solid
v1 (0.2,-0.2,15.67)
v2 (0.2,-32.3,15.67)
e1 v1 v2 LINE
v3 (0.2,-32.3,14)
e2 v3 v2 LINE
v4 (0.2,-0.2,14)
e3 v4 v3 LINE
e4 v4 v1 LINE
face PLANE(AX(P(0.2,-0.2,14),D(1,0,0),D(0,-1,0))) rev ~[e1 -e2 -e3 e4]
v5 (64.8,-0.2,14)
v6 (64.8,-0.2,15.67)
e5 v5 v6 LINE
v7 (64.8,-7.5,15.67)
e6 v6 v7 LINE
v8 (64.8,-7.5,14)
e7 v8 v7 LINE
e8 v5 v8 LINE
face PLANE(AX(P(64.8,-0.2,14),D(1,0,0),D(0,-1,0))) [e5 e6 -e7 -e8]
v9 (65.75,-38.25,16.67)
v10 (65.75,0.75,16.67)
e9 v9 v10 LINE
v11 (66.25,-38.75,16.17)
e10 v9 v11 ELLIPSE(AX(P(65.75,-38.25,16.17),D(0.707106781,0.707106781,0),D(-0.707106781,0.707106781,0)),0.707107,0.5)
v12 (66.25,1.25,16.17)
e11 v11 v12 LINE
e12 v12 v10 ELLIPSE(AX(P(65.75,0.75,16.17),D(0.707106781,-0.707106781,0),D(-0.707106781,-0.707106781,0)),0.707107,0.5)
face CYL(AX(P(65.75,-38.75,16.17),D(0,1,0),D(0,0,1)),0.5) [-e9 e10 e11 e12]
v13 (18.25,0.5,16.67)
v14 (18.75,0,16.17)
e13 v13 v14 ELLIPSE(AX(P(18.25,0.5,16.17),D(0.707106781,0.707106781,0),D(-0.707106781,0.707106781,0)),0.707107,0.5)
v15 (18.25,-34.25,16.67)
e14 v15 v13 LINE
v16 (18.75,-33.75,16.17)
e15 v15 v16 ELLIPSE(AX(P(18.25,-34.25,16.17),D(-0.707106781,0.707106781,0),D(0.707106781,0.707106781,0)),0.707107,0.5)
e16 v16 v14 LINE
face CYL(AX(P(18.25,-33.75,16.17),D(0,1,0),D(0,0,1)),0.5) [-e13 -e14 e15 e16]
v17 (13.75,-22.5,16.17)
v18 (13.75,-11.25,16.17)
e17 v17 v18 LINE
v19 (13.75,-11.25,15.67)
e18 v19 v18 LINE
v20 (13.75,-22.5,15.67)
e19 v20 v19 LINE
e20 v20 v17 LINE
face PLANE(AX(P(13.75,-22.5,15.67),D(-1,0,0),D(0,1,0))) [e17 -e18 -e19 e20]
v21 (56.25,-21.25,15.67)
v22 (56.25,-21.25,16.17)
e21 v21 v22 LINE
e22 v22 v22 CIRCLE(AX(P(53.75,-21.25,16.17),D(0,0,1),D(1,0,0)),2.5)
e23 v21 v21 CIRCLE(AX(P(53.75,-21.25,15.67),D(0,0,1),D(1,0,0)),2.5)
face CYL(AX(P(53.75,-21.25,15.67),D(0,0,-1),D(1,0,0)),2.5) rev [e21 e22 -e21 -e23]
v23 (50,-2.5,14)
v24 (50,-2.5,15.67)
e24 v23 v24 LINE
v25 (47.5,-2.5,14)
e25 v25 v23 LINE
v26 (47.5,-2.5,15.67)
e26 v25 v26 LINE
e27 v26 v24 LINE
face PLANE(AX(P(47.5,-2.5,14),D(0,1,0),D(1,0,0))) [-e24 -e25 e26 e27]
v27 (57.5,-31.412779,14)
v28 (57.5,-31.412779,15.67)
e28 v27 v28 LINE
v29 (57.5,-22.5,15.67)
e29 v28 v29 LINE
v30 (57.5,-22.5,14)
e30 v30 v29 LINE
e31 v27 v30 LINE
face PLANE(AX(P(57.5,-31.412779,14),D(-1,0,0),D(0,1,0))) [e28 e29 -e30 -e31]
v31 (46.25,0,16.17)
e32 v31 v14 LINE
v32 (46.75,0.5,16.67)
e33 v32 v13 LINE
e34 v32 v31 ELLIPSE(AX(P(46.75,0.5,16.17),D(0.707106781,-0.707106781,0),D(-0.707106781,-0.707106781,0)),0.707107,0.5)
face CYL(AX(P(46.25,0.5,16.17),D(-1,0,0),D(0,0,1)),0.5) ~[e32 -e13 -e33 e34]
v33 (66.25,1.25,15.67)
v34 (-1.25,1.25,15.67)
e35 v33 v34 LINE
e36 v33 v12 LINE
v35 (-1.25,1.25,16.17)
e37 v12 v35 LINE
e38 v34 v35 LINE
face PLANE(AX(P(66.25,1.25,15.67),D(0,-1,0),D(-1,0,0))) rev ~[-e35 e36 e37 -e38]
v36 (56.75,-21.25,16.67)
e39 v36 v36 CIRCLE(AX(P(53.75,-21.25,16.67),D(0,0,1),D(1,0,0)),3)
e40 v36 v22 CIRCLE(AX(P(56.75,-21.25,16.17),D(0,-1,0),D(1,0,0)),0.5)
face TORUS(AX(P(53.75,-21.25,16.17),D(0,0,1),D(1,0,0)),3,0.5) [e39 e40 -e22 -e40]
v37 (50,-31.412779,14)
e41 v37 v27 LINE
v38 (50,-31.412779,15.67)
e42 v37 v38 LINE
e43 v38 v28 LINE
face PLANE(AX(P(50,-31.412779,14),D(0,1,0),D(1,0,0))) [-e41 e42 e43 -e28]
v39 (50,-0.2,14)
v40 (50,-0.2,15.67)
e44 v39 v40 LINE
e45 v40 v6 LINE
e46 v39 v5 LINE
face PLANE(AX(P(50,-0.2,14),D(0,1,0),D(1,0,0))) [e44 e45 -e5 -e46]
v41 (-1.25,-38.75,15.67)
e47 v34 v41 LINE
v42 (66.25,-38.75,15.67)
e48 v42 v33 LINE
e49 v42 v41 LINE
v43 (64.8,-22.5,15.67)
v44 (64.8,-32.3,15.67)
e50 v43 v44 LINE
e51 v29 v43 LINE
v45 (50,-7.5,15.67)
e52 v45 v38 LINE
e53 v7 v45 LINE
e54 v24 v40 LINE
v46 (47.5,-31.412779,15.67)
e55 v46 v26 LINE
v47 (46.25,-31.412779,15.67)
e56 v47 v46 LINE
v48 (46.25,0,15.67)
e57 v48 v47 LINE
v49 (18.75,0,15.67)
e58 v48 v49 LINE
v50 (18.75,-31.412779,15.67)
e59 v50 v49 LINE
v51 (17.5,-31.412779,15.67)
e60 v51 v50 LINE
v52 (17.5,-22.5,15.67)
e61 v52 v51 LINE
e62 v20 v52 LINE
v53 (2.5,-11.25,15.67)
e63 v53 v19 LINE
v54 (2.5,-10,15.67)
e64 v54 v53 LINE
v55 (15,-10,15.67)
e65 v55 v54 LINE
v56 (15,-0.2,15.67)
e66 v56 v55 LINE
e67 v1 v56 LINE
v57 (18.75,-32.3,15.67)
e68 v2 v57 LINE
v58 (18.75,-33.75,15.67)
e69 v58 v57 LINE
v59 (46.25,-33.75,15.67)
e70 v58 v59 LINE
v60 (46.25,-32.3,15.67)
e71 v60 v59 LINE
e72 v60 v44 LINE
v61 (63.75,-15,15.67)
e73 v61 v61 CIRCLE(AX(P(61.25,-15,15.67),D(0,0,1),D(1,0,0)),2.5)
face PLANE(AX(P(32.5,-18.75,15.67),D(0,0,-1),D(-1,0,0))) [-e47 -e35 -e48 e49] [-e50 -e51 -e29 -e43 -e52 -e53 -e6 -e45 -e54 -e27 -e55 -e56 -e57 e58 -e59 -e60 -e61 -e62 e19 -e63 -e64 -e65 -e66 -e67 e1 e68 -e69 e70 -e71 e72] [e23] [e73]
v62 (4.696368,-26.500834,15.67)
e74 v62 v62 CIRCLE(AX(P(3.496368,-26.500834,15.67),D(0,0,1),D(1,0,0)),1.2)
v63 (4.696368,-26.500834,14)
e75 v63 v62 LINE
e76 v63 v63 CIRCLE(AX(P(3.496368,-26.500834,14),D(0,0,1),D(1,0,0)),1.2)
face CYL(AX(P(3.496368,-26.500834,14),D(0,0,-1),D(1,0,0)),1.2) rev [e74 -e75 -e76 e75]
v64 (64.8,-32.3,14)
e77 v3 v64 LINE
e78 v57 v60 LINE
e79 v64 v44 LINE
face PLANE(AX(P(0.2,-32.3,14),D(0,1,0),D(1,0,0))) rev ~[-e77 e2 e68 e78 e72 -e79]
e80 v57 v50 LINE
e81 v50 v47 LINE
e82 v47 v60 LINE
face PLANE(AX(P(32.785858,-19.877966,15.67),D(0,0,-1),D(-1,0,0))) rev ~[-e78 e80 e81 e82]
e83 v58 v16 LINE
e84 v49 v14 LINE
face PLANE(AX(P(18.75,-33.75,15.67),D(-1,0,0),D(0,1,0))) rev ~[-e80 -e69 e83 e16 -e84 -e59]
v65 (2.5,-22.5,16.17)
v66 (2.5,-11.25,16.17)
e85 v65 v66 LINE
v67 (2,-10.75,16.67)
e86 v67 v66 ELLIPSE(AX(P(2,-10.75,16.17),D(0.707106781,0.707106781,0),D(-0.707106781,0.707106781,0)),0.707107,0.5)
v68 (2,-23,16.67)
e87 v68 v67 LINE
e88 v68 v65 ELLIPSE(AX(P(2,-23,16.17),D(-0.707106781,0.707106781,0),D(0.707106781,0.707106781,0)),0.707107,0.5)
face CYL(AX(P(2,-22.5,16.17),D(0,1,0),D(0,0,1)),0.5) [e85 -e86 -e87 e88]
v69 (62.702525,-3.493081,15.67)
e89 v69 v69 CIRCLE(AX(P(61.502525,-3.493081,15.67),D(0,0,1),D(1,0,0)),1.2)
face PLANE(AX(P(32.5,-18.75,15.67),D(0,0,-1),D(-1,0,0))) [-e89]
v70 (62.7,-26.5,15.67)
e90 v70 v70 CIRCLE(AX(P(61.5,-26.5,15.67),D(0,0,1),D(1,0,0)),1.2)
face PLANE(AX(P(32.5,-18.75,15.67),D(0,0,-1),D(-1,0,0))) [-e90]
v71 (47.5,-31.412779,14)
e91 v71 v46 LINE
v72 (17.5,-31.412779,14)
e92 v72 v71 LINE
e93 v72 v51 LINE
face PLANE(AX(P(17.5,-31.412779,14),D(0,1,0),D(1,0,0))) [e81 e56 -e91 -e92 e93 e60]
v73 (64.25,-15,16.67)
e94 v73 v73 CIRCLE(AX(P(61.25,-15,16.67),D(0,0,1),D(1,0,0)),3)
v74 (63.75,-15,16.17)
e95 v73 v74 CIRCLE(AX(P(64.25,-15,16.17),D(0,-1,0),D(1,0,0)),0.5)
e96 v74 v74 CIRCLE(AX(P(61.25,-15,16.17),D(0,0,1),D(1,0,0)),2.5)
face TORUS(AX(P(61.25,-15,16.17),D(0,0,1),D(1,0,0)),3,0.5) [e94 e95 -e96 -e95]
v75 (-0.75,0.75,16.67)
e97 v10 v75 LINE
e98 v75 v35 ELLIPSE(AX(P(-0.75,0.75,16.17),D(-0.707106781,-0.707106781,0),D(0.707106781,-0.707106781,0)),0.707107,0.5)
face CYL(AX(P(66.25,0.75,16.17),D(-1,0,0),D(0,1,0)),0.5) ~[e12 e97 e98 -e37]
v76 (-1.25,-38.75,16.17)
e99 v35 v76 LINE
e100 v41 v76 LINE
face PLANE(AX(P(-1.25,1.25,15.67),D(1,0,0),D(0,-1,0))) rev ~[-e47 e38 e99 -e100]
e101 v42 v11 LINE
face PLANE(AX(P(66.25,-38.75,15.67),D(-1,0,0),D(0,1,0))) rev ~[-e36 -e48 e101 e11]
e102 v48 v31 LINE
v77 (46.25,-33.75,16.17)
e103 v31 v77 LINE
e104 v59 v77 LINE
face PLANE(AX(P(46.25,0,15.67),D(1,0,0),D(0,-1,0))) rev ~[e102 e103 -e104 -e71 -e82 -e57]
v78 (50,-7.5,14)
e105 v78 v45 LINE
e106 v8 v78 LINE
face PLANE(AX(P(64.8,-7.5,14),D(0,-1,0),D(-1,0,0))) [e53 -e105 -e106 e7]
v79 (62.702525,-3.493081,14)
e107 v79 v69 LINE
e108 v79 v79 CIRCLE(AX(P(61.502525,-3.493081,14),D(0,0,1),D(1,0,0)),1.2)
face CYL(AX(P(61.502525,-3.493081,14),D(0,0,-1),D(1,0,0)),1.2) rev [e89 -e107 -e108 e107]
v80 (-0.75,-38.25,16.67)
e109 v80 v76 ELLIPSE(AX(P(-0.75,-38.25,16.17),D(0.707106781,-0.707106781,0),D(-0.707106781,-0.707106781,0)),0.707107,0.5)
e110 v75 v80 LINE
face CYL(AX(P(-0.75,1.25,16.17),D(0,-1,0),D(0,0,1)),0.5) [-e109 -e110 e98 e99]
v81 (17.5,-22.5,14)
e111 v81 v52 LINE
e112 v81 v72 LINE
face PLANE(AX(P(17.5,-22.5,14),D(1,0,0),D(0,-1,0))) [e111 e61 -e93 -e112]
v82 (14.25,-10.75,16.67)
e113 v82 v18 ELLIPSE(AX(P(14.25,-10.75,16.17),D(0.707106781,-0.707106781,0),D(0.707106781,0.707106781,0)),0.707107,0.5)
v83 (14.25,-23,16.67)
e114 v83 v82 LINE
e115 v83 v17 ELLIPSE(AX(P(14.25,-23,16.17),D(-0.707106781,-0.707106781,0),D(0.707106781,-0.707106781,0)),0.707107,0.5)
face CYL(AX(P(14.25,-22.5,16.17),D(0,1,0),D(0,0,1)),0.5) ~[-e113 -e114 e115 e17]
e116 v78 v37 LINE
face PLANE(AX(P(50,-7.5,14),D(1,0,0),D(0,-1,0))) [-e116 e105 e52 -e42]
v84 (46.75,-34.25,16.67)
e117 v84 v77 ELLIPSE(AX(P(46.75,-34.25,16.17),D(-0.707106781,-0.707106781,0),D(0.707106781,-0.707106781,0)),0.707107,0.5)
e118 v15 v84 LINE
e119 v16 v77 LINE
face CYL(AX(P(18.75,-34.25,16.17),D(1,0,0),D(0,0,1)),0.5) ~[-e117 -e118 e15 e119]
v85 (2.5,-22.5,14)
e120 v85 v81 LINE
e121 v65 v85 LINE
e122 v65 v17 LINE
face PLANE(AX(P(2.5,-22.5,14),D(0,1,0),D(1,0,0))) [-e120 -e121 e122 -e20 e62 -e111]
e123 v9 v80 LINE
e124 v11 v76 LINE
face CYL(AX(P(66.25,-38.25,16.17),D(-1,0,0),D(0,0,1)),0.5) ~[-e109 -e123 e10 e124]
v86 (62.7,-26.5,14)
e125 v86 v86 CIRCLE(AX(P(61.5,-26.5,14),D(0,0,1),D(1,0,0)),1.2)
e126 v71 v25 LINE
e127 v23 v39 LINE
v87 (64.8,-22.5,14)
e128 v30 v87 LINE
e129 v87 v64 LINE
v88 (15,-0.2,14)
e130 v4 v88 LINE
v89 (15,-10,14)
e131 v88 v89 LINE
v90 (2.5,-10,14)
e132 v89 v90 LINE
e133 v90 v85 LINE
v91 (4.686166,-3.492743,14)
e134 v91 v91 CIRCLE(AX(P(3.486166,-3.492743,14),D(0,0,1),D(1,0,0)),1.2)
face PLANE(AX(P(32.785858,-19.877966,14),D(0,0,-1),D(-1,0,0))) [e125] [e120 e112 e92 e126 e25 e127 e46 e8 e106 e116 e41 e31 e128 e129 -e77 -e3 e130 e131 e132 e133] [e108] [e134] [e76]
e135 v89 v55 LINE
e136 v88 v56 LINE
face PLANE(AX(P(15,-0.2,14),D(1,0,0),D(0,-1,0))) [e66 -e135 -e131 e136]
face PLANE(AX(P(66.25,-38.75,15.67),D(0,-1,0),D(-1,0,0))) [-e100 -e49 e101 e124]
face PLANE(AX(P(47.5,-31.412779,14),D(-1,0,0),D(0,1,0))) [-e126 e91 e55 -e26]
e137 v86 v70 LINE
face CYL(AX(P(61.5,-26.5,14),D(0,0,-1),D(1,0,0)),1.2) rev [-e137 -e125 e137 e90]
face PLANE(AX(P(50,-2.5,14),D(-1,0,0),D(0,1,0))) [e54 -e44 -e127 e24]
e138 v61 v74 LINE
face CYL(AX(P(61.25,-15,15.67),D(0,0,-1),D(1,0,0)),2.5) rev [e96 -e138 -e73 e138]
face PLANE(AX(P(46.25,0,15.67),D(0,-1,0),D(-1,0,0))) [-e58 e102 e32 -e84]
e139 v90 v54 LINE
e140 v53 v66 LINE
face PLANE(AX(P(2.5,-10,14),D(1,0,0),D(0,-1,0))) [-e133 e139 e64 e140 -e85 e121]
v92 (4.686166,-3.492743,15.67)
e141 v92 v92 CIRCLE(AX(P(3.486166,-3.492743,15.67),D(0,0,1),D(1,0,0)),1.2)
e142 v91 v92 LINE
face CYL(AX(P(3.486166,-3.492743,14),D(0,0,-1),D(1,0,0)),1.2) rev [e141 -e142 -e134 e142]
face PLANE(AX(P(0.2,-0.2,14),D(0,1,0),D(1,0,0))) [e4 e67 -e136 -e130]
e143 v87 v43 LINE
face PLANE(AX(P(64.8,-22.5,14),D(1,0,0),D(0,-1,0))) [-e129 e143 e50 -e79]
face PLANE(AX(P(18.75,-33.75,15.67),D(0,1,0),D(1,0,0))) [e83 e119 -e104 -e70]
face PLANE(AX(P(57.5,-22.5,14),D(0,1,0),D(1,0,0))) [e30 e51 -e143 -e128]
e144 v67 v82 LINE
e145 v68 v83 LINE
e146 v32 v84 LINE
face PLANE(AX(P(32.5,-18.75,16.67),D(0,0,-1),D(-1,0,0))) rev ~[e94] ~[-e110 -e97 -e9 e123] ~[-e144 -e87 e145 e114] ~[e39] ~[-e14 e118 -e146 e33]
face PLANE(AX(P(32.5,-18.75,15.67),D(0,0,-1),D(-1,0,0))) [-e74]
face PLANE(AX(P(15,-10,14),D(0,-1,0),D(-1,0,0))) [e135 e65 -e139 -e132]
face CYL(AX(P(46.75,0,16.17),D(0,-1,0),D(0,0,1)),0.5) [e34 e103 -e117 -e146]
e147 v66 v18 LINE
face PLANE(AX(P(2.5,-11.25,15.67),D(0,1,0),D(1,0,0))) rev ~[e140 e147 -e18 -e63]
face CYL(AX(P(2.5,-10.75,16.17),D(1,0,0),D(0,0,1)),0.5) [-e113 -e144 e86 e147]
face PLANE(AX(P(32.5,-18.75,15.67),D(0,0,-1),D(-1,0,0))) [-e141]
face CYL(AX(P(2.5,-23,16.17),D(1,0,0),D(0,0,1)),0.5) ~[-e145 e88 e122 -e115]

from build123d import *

# Parameters (mm, degrees)
SKETCH026_R  = 1.2
PAD023_DEPTH = 1.67
SKETCH027_R  = 2.5
SKETCH027_W  = 11.25
SKETCH027_H  = 11.25
PAD024_DEPTH = 1
FILLET005_R  = 0.5


with BuildPart() as part:
    # Sketch026 → Pad023 (new body)
    with BuildSketch(Plane.XY):
        Polygon((0.2, -0.2), (15, -0.2), (15, -10), (2.5, -10), (2.5, -22.5), (17.5, -22.5), (17.5, -31.412779), (47.5, -31.412779), (47.5, -2.5), (50, -2.5), (50, -0.2), (64.8, -0.2), (64.8, -7.5), (50, -7.5), (50, -31.412779), (57.5, -31.412779), (57.5, -22.5), (64.8, -22.5), (64.8, -32.3), (60, -32.3), (17.5, -32.3), (0.2, -32.3), (0.2, -22.5), (0.2, -10), align=None)
        with Locations((3.496368, -26.500834)):
            Circle(SKETCH026_R, mode=Mode.SUBTRACT)
        with Locations((3.486166, -3.492743)):
            Circle(SKETCH026_R, mode=Mode.SUBTRACT)
        with Locations((61.502525, -3.493081)):
            Circle(SKETCH026_R, mode=Mode.SUBTRACT)
        with Locations((61.5, -26.5)):
            Circle(SKETCH026_R, mode=Mode.SUBTRACT)
    extrude(amount=PAD023_DEPTH)

    # Sketch027 (on Face30 of Pad023) → Pad024 (join)
    with BuildSketch(Plane.XY.offset(1.67)):
        Polygon((-1.25, 1.25), (18.75, 1.25), (46.25, 1.25), (66.25, 1.25), (66.25, -11.25), (66.25, -18.75), (66.25, -33.75), (66.25, -38.75), (-1.25, -38.75), (-1.25, -33.75), (-1.25, -12.5), align=None)
        with Locations((61.25, -15)):
            Circle(SKETCH027_R, mode=Mode.SUBTRACT)
        with Locations((53.75, -21.25)):
            Circle(SKETCH027_R, mode=Mode.SUBTRACT)
        Polygon((18.75, 0), (18.75, -12.5), (18.75, -33.75), (46.25, -33.75), (46.25, -17.5), (46.25, -11.25), (46.25, 0), align=None, mode=Mode.SUBTRACT)
        with Locations((8.125, -16.875)):
            Rectangle(SKETCH027_W, SKETCH027_H, mode=Mode.SUBTRACT)
    extrude(amount=PAD024_DEPTH)

    # Fillet005
    fillet005_edges = [part.edges().sort_by_distance(p)[0] for p in [
        (-1.25, -5.625, 2.67),
        (8.75, 1.25, 2.67),
        (32.5, 1.25, 2.67),
        (56.25, 1.25, 2.67),
        (66.25, -5, 2.67),
        (66.25, -15, 2.67),
        (66.25, -26.25, 2.67),
        (66.25, -36.25, 2.67),
        (32.5, -38.75, 2.67),
        (-1.25, -36.25, 2.67),
        (-1.25, -23.125, 2.67),
        (18.75, -6.25, 2.67),
        (18.75, -23.125, 2.67),
        (32.5, -33.75, 2.67),
        (46.25, -25.625, 2.67),
        (46.25, -14.375, 2.67),
        (46.25, -5.625, 2.67),
        (32.5, 0, 2.67),
        (2.5, -16.875, 2.67),
        (8.125, -22.5, 2.67),
        (13.75, -16.875, 2.67),
        (8.125, -11.25, 2.67),
        (51.25, -21.25, 2.67),
        (58.75, -15, 2.67),
    ]]
    fillet(fillet005_edges, radius=FILLET005_R)


with BuildPart() as part_1:
    # Body004 placement: moved
    add(part.part.moved(Location((0, 0, 14))))


solid = part_1.part
